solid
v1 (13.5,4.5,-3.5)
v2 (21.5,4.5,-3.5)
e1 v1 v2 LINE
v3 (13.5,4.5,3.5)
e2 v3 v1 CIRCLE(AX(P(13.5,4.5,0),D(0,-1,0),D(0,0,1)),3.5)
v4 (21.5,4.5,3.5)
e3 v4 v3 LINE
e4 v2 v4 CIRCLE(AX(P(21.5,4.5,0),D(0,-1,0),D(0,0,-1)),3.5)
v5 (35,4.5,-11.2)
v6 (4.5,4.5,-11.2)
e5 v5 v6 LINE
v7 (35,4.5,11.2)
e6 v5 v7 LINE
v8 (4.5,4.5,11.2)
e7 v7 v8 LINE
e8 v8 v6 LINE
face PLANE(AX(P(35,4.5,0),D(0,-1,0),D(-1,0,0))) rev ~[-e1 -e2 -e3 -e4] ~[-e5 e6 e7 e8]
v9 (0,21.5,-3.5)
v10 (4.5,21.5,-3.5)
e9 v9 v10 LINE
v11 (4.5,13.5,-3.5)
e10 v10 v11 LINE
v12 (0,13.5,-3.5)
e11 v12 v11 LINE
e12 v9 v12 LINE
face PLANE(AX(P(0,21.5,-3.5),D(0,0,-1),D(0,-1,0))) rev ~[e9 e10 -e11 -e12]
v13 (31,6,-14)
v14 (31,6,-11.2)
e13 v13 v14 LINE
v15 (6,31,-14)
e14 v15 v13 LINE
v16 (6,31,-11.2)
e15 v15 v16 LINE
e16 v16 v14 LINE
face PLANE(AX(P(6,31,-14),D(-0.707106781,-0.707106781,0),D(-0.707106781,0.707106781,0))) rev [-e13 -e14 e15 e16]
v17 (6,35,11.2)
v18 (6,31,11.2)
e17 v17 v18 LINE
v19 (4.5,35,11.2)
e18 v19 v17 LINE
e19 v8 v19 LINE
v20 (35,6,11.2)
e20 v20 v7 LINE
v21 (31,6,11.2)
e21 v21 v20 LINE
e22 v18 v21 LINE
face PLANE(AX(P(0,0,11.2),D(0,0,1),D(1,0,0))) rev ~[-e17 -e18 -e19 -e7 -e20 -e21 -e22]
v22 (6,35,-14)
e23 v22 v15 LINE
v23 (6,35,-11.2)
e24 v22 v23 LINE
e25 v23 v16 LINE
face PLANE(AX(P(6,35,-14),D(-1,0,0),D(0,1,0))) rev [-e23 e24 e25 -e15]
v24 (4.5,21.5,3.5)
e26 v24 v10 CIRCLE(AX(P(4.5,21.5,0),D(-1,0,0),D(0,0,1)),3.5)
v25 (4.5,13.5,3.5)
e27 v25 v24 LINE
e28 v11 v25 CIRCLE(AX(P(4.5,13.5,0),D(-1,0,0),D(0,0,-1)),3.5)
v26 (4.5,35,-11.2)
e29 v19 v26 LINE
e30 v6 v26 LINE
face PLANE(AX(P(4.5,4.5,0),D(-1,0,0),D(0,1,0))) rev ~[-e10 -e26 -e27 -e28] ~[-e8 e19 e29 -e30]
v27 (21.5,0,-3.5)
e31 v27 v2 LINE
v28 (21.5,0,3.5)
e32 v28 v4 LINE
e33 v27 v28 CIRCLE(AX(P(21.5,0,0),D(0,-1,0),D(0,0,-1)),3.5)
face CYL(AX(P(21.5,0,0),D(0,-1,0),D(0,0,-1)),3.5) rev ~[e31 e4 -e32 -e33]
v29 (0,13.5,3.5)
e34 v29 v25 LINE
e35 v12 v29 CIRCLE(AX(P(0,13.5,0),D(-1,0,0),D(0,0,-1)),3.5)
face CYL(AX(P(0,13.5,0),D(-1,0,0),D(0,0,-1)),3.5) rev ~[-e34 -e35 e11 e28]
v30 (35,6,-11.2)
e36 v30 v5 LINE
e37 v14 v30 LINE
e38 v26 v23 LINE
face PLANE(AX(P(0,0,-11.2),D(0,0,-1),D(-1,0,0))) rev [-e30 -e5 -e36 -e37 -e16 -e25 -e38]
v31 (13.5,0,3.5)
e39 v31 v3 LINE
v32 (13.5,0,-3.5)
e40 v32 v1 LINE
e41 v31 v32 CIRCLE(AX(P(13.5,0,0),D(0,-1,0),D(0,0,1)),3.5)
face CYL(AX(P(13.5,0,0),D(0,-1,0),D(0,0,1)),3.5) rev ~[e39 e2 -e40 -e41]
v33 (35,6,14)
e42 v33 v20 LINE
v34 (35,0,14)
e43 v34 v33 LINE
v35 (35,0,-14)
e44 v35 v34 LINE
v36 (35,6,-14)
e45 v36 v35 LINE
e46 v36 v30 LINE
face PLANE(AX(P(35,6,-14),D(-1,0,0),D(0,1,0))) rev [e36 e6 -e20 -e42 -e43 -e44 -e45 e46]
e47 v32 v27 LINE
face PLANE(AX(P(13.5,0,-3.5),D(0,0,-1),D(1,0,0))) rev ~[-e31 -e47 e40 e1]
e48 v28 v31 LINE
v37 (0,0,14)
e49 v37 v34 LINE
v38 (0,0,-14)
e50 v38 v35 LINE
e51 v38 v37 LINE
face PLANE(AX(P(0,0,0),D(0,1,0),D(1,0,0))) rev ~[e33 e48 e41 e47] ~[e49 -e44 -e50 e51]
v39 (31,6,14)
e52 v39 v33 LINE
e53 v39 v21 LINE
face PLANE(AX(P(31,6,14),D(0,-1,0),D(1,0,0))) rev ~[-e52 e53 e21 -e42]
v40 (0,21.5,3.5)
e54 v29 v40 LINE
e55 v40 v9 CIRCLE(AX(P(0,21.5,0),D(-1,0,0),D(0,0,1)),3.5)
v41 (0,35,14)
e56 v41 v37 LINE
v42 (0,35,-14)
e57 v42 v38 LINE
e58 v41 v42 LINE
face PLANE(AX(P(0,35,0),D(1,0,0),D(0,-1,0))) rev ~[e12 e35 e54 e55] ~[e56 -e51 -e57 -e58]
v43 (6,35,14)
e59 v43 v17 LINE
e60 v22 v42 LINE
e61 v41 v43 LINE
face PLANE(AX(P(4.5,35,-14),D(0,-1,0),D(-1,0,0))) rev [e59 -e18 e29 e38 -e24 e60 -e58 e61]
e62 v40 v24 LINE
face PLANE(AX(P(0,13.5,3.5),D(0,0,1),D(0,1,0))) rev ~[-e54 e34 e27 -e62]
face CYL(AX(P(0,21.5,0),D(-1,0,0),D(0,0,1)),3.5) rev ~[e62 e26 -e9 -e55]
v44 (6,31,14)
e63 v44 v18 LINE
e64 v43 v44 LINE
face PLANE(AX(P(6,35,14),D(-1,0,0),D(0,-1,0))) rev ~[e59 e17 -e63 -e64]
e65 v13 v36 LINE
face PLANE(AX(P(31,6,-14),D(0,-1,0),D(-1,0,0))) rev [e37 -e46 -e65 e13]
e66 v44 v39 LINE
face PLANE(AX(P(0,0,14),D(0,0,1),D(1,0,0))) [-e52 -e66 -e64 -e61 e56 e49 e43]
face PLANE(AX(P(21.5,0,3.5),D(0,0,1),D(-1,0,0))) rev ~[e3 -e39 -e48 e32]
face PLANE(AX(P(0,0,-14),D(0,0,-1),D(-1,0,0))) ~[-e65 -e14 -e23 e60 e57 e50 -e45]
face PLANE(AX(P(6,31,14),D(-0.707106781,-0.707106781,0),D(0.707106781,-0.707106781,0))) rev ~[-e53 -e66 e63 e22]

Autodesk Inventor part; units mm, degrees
ref_plane "YZ Plane" through (0, 0, 0) normal (1, 0, 0) x (0, 1, 0)
ref_plane "XZ Plane" through (0, 0, 0) normal (0, 1, 0) x (-1, 0, 0)
ref_plane "XY Plane" through (0, 0, 0) normal (0, 0, 1) x (1, 0, 0)
sketch "Sketch1" plane through (0, 0, 0) normal (0, 0, 1) x (1, 0, 0)
  line L0 (0, 0) -> (35, 0)
  line L1 (35, 0) -> (35, 4.5)
  line L2 (35, 4.5) -> (4.5, 4.5)
  line L3 (4.5, 4.5) -> (4.5, 35)
  line L4 (4.5, 35) -> (0, 35)
  line L5 (0, 35) -> (0, 0)
  dimension "d0" = 35
  dimension "d1" = 35
  dimension "d2" = 4.5
  dimension "d3" = 4.5
extrude "Extrusion1" add sketch "Sketch1" along normal mid plane 28
sketch "Sketch2" plane through (0, 0, 14) normal (0, 0, 1) x (1, 0, 0)
  line L0 (0, 0) -> (35, 0) projected
  line L1 (35, 0) -> (35, 4.5) projected
  line L2 (35, 4.5) -> (4.5, 4.5) projected
  line L3 (4.5, 4.5) -> (4.5, 35) projected
  line L4 (4.5, 35) -> (0, 35) projected
  line L5 (0, 35) -> (0, 0) projected
  line L6 (4.5, 35) -> (6, 35)
  line L7 (6, 35) -> (6, 31)
  line L8 (6, 31) -> (31, 6)
  line L9 (31, 6) -> (35, 6)
  line L10 (35, 4.5) -> (4.5, 4.5) projected
  line L11 (35, 6) -> (35, 4.5)
  dimension "d6" = 45
  dimension "d7" = 1.5
  dimension "d8" = 1.5
  dimension "d9" = 4
extrude "Extrusion2" add sketch "Sketch2" against normal blind 2.8 contours L2 L3 L6 L7 L8 L9 L11
mirror "Mirror1" about plane through (0, 0, 0) normal (0, 0, 1) of "Extrusion2"
sketch "Sketch3" plane through (0, 0, 14) normal (-1, 0, 0) x (0, 0, 1)
  line L0 (0, 0) -> (-28, 0) projected
  line L1 (0, 35) -> (0, 0) projected
  line L2 (-28, 35) -> (0, 35) projected
  line L3 (-28, 0) -> (-28, 35) projected
  line L4 (-25.2, 35) -> (-2.8, 35) construction
  line L5 (-14, 35) -> (-14, 0) construction
  line L6 (-14, 21.5) -> (-14, 13.5)
  line L7 (-17.5, 21.5) -> (-17.5, 13.5)
  line L8 (-10.5, 13.5) -> (-10.5, 21.5)
  arc A0 (-10.5, 21.5) -> (-17.5, 21.5) centre (-14, 21.5) ccw
  arc A1 (-17.5, 13.5) -> (-10.5, 13.5) centre (-14, 13.5) ccw
  point P0 (-14, 17.5)
  point P1 (-14, 17.5)
  dimension "d12" = 8
  dimension "d13" = 3.5
extrude "Extrusion3" cut sketch "Sketch3" against normal through all contours A0 L8 A1 L7
sketch "Sketch4" plane through (0, 0, 14) normal (0, -1, 0) x (1, 0, 0)
  line L0 (35, -28) -> (35, 0) projected
  line L1 (0, 0) -> (35, 0) projected
  line L2 (0, 0) -> (0, -28) projected
  line L3 (35, -28) -> (0, -28) projected
  line L4 (0, -14) -> (35, -14) construction
  line L5 (13.5, -14) -> (21.5, -14) construction
  line L6 (13.5, -17.5) -> (21.5, -17.5)
  line L7 (21.5, -10.5) -> (13.5, -10.5)
  arc A0 (13.5, -10.5) -> (13.5, -17.5) centre (13.5, -14) ccw
  arc A1 (21.5, -17.5) -> (21.5, -10.5) centre (21.5, -14) ccw
  point P0 (17.5, -14)
  point P1 (17.5, -14)
  dimension "d16" = 8
  dimension "d17" = 3.5
extrude "Extrusion4" cut sketch "Sketch4" against normal through all contours A0 L7 A1 L6
properties part number "3030 Corner Bracket External"
